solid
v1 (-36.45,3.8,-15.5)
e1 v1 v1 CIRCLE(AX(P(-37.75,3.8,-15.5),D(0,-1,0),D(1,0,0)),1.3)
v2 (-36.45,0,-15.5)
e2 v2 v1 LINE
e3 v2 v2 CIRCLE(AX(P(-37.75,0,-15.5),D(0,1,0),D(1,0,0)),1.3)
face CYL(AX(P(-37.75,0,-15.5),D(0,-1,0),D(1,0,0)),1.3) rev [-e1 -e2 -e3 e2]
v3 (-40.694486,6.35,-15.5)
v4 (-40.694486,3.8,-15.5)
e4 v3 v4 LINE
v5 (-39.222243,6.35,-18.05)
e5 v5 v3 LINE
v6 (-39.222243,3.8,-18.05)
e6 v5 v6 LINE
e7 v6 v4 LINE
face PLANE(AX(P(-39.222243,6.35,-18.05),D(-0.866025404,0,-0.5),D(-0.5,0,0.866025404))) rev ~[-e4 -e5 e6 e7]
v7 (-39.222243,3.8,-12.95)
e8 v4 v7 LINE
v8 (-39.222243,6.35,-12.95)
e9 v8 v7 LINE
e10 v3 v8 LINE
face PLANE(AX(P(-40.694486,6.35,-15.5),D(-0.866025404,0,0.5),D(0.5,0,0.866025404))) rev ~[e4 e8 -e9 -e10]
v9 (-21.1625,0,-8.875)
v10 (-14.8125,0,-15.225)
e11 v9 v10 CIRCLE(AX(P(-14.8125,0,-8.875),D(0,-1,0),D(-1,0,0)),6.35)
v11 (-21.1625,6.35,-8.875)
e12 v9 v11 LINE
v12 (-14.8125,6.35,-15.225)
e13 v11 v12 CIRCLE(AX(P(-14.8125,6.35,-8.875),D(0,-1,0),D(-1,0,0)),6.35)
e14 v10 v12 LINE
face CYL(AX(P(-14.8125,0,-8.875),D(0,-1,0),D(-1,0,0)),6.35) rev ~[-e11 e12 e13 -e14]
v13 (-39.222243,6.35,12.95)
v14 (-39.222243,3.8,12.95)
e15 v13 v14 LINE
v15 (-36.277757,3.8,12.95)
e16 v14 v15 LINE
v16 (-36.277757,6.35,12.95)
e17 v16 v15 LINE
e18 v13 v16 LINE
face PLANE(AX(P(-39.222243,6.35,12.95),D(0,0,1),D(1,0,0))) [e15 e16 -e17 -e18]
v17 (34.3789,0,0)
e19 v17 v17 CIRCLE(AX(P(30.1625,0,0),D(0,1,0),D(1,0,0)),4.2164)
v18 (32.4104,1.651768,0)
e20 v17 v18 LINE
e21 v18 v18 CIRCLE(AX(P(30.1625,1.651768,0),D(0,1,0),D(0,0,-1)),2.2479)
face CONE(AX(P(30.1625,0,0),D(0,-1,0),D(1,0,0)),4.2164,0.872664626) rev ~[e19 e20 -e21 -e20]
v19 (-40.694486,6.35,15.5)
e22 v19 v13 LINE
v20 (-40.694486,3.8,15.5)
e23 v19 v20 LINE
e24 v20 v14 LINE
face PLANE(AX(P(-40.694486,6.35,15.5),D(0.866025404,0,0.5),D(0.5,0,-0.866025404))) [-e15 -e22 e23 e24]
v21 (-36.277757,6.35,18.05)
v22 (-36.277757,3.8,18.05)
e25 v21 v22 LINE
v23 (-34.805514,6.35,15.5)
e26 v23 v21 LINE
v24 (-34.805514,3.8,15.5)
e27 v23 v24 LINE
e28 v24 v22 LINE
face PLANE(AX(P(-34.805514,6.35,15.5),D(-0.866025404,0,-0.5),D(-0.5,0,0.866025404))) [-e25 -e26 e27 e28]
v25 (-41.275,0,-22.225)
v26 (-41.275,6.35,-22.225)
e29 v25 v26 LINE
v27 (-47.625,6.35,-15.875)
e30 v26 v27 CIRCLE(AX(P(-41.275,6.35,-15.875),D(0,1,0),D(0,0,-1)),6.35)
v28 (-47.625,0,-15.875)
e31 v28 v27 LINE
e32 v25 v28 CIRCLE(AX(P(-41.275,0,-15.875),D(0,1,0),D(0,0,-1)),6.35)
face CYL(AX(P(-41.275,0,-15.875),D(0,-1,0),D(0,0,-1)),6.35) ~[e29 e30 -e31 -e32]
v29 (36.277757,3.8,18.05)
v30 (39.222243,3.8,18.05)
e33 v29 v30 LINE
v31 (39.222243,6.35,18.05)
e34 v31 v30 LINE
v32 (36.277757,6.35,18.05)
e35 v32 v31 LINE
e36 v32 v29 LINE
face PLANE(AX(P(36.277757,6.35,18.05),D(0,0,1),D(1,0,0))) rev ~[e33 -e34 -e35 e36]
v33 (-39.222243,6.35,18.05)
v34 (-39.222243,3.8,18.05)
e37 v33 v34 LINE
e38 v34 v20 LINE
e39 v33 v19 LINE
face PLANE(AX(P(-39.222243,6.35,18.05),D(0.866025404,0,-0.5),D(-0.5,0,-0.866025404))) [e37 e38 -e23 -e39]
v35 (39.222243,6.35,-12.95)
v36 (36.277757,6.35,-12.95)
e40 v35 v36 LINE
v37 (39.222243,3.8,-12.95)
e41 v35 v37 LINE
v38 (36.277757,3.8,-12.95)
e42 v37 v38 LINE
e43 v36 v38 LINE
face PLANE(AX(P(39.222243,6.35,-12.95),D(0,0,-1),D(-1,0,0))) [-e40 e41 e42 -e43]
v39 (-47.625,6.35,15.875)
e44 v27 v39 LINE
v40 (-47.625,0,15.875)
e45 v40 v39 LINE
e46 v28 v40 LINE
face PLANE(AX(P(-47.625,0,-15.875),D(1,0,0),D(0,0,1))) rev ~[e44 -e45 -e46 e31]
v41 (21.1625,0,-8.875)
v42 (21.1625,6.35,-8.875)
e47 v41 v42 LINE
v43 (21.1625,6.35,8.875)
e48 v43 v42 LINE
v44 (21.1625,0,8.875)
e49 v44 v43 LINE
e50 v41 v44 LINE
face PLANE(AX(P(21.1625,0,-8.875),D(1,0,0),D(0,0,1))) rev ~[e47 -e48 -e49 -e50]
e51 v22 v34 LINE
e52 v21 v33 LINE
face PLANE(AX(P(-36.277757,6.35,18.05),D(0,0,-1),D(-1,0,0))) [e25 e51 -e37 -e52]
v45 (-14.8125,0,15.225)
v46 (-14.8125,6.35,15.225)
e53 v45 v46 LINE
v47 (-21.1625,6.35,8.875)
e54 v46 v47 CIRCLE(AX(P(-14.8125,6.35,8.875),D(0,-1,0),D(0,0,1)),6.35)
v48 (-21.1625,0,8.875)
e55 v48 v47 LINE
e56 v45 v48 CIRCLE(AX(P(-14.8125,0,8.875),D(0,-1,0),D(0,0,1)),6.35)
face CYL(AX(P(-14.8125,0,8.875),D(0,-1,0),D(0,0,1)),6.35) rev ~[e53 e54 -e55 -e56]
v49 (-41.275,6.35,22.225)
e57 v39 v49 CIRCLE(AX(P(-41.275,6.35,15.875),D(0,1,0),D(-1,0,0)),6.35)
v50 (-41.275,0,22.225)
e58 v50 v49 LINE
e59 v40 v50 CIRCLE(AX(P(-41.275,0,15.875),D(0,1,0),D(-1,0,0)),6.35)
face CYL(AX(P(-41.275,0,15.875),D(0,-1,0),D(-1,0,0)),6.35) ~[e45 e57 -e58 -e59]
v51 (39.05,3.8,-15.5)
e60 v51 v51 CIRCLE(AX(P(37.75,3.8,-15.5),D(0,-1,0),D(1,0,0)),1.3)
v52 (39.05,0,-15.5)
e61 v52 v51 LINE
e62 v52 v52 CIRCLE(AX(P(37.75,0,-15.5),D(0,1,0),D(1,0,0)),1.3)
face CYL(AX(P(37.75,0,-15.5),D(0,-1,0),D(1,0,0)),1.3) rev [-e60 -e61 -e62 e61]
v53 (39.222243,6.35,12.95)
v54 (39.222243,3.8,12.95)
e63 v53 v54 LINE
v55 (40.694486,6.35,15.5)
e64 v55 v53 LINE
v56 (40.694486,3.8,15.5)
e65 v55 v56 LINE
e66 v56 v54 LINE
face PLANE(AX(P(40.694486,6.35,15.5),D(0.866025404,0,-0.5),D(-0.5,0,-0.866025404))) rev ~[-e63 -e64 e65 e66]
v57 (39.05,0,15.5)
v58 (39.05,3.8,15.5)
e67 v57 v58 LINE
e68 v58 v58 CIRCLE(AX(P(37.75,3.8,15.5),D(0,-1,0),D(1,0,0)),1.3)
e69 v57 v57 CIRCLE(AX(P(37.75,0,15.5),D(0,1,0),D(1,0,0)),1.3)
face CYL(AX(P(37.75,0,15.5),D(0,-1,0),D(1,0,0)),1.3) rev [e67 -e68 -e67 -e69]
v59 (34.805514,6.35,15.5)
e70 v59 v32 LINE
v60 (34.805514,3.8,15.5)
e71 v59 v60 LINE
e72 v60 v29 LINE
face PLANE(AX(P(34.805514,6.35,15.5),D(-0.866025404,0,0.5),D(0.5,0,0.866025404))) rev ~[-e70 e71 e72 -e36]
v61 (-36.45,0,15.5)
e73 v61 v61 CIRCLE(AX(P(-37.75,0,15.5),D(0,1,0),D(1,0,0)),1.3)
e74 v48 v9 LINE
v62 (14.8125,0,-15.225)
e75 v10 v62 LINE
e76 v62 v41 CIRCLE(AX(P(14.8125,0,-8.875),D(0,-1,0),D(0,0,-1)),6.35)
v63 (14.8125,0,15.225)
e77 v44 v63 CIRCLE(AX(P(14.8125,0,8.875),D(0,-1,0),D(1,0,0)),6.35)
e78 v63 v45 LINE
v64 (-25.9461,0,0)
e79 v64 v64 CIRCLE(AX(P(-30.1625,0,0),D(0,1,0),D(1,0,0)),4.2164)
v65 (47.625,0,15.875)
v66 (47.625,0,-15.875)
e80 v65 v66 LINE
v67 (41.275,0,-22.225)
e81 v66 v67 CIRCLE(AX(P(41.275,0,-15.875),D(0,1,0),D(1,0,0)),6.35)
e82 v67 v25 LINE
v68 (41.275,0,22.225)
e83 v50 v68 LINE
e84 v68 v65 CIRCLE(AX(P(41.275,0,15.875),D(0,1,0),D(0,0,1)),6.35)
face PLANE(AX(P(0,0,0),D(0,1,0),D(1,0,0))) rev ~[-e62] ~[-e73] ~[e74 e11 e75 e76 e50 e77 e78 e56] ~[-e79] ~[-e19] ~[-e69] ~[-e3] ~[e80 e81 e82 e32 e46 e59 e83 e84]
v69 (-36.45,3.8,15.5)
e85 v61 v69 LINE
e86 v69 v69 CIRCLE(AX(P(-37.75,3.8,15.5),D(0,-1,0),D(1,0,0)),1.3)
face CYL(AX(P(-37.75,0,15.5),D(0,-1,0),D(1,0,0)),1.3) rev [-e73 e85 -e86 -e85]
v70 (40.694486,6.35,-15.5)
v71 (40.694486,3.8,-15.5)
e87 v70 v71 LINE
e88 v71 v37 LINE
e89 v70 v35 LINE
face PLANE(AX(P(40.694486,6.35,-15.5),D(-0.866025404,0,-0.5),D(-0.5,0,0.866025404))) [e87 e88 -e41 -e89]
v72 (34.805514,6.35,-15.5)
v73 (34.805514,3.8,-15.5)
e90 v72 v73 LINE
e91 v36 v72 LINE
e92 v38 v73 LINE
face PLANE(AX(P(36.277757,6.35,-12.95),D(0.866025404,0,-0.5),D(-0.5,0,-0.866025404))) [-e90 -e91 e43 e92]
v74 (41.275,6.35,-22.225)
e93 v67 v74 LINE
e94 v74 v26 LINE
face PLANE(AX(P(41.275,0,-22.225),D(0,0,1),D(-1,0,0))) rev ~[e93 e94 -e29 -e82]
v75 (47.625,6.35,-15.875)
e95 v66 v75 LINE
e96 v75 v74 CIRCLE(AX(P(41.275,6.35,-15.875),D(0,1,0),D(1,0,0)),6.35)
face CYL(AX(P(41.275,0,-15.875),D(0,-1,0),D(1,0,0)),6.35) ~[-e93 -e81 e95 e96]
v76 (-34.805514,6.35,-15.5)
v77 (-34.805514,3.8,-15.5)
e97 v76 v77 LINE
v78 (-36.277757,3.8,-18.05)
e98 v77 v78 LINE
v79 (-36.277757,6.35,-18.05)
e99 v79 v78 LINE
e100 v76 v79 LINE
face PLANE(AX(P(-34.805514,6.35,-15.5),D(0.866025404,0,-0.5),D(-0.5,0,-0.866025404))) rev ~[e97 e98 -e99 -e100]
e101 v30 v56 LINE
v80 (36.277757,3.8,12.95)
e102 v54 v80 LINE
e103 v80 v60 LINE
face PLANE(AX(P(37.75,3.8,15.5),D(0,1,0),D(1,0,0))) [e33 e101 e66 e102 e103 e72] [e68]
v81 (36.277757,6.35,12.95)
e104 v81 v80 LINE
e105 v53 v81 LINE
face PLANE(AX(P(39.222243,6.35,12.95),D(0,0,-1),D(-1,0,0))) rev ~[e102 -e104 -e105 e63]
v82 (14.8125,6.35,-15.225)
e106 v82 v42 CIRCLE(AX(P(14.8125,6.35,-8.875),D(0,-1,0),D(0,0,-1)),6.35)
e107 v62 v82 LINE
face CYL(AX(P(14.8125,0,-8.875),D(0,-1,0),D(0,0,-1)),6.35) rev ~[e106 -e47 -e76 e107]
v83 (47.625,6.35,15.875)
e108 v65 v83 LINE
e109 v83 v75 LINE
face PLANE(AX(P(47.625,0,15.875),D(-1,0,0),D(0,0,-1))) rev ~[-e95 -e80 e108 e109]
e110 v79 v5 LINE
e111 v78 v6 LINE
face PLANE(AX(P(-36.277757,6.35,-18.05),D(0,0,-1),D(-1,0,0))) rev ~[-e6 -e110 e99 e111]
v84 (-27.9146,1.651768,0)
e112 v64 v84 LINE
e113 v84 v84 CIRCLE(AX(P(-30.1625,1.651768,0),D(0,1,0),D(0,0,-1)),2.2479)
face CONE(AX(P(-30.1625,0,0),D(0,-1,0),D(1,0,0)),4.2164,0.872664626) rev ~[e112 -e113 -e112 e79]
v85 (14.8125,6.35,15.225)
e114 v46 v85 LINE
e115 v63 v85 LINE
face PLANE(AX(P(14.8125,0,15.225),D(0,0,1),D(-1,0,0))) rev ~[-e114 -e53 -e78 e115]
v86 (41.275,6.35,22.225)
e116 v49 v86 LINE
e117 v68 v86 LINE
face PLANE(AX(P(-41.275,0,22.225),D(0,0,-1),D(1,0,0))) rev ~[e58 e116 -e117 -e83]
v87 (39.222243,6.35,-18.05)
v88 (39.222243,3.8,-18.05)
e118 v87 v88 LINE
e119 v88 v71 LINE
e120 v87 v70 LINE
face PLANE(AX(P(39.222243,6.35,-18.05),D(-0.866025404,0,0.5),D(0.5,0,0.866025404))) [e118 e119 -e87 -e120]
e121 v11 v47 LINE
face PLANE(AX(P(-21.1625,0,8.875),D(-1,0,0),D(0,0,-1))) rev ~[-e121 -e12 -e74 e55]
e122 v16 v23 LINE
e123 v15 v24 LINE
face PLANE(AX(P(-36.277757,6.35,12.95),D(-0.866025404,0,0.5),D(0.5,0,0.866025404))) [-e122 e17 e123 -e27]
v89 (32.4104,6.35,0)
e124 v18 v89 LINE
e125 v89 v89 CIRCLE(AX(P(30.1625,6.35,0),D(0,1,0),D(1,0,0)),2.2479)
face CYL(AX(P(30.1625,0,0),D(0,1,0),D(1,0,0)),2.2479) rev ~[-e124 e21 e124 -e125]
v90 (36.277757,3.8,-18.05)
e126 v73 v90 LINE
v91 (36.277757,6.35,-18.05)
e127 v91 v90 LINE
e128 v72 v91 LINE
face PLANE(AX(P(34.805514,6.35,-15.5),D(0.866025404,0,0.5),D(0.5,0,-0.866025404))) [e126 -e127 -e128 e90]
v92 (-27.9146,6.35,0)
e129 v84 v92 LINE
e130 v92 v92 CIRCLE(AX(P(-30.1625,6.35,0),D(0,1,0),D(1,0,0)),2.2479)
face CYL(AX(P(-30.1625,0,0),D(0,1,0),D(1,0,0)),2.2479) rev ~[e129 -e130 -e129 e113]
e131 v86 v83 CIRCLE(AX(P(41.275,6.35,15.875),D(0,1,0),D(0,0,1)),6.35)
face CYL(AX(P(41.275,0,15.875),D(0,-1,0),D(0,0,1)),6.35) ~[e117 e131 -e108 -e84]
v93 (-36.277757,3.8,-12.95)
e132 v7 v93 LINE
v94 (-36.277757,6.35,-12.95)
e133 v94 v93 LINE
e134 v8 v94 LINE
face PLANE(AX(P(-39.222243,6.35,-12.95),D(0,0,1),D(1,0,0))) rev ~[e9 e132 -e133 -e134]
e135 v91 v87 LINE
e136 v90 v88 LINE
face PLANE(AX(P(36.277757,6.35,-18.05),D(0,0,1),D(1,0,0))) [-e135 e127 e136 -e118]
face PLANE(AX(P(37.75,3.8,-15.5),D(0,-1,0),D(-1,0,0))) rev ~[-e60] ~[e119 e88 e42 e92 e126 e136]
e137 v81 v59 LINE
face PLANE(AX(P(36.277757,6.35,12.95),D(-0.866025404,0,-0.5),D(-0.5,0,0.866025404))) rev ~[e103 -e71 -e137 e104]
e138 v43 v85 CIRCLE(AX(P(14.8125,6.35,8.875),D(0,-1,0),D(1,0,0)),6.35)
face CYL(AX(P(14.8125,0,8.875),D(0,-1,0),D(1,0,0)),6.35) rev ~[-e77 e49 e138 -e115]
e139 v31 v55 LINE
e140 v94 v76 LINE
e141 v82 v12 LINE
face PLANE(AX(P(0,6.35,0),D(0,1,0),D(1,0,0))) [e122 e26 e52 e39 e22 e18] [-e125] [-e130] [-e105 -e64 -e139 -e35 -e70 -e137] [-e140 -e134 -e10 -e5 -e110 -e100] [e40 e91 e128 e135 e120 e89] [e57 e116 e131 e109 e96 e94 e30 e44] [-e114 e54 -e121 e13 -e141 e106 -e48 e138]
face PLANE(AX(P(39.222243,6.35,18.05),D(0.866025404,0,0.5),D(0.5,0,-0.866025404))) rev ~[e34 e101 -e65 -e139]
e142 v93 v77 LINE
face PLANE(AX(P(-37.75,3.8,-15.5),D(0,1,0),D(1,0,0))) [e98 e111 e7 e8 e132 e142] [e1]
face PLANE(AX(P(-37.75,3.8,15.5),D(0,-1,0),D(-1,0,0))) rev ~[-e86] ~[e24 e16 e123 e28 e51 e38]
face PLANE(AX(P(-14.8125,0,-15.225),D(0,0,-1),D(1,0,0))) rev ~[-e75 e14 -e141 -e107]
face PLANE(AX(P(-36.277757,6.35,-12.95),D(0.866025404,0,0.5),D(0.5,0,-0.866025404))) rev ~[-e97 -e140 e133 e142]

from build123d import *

# Parameters (mm, degrees)
SKETCH1_R                                         = 1.3
BOSS_EXTRUDE1_DEPTH                               = 6.35
CUT_EXTRUDE1_DEPTH                                = 2.55
CSK_FOR_8_FLAT_HEAD_MACHINE_SCREW_100_D           = 4.4958
CSK_FOR_8_FLAT_HEAD_MACHINE_SCREW_100_CSINK_D     = 8.4328
CSK_FOR_8_FLAT_HEAD_MACHINE_SCREW_100_CSINK_ANGLE = 100
CUT_EXTRUDE2_DEPTH                                = 1
CUT_EXTRUDE2_DEPTH_BACK                           = 7.35


with BuildPart() as part:
    # Sketch1 → Boss-Extrude1 (new body)
    with BuildSketch(Plane(origin=(0, 0, 0), x_dir=(1, 0, 0), z_dir=(0, 1, 0))):
        with BuildLine():
            Line((41.275, 22.225), (-41.275, 22.225))
            ThreePointArc((-41.275, 22.225), (-45.765128061, 20.365128061), (-47.625, 15.875))
            Line((-47.625, 15.875), (-47.625, -15.875))
            ThreePointArc((-47.625, -15.875), (-45.765128061, -20.365128061), (-41.275, -22.225))
            Line((-41.275, -22.225), (41.275, -22.225))
            ThreePointArc((41.275, -22.225), (45.765128061, -20.365128061), (47.625, -15.875))
            Line((47.625, -15.875), (47.625, 15.875))
            ThreePointArc((47.625, 15.875), (45.765128061, 20.365128061), (41.275, 22.225))
        make_face()
        with Locations((-37.75, 15.5)):
            Circle(SKETCH1_R, mode=Mode.SUBTRACT)
        with Locations((37.75, 15.5)):
            Circle(SKETCH1_R, mode=Mode.SUBTRACT)
        with Locations((37.75, -15.5)):
            Circle(SKETCH1_R, mode=Mode.SUBTRACT)
        with Locations((-37.75, -15.5)):
            Circle(SKETCH1_R, mode=Mode.SUBTRACT)
    extrude(amount=BOSS_EXTRUDE1_DEPTH)

    # Sketch2 → Cut-Extrude1 (cut)
    with BuildSketch(Plane(origin=(0, 6.35, 0), x_dir=(1, 0, 0), z_dir=(0, 1, 0))):
        Polygon((-34.805513627, 15.5), (-36.277756814, 18.05), (-39.222243186, 18.05), (-40.694486373, 15.5), (-39.222243186, 12.95), (-36.277756814, 12.95), align=None)
        Polygon((36.277756814, 12.95), (34.805513627, 15.5), (36.277756814, 18.05), (39.222243186, 18.05), (40.694486373, 15.5), (39.222243186, 12.95), align=None)
        Polygon((34.805513627, -15.5), (36.277756814, -18.05), (39.222243186, -18.05), (40.694486373, -15.5), (39.222243186, -12.95), (36.277756814, -12.95), align=None)
        Polygon((-36.277756814, -12.95), (-34.805513627, -15.5), (-36.277756814, -18.05), (-39.222243186, -18.05), (-40.694486373, -15.5), (-39.222243186, -12.95), align=None)
    extrude(amount=-CUT_EXTRUDE1_DEPTH, mode=Mode.SUBTRACT)

    # CSK for #8 Flat Head Machine Screw (100)4 (through all)
    with Locations(Plane(origin=(0, 0, 0), x_dir=(-1, 0, 0), z_dir=(0, -1, 0))):
        with Locations((30.1625, 0), (-30.1625, 0)):
            CounterSinkHole(CSK_FOR_8_FLAT_HEAD_MACHINE_SCREW_100_D / 2, CSK_FOR_8_FLAT_HEAD_MACHINE_SCREW_100_CSINK_D / 2, counter_sink_angle=CSK_FOR_8_FLAT_HEAD_MACHINE_SCREW_100_CSINK_ANGLE)

    # Sketch6 → Cut-Extrude2 (cut, two sides)
    with BuildSketch(Plane.XZ) as cut_extrude2_sk:
        with BuildLine():
            Line((-14.8125, -15.225), (14.8125, -15.225))
            ThreePointArc((14.8125, -15.225), (19.302628061, -13.365128061), (21.1625, -8.875))
            Line((21.1625, -8.875), (21.1625, 8.875))
            ThreePointArc((21.1625, 8.875), (19.302628061, 13.365128061), (14.8125, 15.225))
            Line((14.8125, 15.225), (-14.8125, 15.225))
            ThreePointArc((-14.8125, 15.225), (-19.302628061, 13.365128061), (-21.1625, 8.875))
            Line((-21.1625, 8.875), (-21.1625, -8.875))
            ThreePointArc((-21.1625, -8.875), (-19.302628061, -13.365128061), (-14.8125, -15.225))
        make_face()
    extrude(amount=CUT_EXTRUDE2_DEPTH, mode=Mode.SUBTRACT)
    extrude(cut_extrude2_sk.sketch, amount=-CUT_EXTRUDE2_DEPTH_BACK, mode=Mode.SUBTRACT)


solid = part.part
